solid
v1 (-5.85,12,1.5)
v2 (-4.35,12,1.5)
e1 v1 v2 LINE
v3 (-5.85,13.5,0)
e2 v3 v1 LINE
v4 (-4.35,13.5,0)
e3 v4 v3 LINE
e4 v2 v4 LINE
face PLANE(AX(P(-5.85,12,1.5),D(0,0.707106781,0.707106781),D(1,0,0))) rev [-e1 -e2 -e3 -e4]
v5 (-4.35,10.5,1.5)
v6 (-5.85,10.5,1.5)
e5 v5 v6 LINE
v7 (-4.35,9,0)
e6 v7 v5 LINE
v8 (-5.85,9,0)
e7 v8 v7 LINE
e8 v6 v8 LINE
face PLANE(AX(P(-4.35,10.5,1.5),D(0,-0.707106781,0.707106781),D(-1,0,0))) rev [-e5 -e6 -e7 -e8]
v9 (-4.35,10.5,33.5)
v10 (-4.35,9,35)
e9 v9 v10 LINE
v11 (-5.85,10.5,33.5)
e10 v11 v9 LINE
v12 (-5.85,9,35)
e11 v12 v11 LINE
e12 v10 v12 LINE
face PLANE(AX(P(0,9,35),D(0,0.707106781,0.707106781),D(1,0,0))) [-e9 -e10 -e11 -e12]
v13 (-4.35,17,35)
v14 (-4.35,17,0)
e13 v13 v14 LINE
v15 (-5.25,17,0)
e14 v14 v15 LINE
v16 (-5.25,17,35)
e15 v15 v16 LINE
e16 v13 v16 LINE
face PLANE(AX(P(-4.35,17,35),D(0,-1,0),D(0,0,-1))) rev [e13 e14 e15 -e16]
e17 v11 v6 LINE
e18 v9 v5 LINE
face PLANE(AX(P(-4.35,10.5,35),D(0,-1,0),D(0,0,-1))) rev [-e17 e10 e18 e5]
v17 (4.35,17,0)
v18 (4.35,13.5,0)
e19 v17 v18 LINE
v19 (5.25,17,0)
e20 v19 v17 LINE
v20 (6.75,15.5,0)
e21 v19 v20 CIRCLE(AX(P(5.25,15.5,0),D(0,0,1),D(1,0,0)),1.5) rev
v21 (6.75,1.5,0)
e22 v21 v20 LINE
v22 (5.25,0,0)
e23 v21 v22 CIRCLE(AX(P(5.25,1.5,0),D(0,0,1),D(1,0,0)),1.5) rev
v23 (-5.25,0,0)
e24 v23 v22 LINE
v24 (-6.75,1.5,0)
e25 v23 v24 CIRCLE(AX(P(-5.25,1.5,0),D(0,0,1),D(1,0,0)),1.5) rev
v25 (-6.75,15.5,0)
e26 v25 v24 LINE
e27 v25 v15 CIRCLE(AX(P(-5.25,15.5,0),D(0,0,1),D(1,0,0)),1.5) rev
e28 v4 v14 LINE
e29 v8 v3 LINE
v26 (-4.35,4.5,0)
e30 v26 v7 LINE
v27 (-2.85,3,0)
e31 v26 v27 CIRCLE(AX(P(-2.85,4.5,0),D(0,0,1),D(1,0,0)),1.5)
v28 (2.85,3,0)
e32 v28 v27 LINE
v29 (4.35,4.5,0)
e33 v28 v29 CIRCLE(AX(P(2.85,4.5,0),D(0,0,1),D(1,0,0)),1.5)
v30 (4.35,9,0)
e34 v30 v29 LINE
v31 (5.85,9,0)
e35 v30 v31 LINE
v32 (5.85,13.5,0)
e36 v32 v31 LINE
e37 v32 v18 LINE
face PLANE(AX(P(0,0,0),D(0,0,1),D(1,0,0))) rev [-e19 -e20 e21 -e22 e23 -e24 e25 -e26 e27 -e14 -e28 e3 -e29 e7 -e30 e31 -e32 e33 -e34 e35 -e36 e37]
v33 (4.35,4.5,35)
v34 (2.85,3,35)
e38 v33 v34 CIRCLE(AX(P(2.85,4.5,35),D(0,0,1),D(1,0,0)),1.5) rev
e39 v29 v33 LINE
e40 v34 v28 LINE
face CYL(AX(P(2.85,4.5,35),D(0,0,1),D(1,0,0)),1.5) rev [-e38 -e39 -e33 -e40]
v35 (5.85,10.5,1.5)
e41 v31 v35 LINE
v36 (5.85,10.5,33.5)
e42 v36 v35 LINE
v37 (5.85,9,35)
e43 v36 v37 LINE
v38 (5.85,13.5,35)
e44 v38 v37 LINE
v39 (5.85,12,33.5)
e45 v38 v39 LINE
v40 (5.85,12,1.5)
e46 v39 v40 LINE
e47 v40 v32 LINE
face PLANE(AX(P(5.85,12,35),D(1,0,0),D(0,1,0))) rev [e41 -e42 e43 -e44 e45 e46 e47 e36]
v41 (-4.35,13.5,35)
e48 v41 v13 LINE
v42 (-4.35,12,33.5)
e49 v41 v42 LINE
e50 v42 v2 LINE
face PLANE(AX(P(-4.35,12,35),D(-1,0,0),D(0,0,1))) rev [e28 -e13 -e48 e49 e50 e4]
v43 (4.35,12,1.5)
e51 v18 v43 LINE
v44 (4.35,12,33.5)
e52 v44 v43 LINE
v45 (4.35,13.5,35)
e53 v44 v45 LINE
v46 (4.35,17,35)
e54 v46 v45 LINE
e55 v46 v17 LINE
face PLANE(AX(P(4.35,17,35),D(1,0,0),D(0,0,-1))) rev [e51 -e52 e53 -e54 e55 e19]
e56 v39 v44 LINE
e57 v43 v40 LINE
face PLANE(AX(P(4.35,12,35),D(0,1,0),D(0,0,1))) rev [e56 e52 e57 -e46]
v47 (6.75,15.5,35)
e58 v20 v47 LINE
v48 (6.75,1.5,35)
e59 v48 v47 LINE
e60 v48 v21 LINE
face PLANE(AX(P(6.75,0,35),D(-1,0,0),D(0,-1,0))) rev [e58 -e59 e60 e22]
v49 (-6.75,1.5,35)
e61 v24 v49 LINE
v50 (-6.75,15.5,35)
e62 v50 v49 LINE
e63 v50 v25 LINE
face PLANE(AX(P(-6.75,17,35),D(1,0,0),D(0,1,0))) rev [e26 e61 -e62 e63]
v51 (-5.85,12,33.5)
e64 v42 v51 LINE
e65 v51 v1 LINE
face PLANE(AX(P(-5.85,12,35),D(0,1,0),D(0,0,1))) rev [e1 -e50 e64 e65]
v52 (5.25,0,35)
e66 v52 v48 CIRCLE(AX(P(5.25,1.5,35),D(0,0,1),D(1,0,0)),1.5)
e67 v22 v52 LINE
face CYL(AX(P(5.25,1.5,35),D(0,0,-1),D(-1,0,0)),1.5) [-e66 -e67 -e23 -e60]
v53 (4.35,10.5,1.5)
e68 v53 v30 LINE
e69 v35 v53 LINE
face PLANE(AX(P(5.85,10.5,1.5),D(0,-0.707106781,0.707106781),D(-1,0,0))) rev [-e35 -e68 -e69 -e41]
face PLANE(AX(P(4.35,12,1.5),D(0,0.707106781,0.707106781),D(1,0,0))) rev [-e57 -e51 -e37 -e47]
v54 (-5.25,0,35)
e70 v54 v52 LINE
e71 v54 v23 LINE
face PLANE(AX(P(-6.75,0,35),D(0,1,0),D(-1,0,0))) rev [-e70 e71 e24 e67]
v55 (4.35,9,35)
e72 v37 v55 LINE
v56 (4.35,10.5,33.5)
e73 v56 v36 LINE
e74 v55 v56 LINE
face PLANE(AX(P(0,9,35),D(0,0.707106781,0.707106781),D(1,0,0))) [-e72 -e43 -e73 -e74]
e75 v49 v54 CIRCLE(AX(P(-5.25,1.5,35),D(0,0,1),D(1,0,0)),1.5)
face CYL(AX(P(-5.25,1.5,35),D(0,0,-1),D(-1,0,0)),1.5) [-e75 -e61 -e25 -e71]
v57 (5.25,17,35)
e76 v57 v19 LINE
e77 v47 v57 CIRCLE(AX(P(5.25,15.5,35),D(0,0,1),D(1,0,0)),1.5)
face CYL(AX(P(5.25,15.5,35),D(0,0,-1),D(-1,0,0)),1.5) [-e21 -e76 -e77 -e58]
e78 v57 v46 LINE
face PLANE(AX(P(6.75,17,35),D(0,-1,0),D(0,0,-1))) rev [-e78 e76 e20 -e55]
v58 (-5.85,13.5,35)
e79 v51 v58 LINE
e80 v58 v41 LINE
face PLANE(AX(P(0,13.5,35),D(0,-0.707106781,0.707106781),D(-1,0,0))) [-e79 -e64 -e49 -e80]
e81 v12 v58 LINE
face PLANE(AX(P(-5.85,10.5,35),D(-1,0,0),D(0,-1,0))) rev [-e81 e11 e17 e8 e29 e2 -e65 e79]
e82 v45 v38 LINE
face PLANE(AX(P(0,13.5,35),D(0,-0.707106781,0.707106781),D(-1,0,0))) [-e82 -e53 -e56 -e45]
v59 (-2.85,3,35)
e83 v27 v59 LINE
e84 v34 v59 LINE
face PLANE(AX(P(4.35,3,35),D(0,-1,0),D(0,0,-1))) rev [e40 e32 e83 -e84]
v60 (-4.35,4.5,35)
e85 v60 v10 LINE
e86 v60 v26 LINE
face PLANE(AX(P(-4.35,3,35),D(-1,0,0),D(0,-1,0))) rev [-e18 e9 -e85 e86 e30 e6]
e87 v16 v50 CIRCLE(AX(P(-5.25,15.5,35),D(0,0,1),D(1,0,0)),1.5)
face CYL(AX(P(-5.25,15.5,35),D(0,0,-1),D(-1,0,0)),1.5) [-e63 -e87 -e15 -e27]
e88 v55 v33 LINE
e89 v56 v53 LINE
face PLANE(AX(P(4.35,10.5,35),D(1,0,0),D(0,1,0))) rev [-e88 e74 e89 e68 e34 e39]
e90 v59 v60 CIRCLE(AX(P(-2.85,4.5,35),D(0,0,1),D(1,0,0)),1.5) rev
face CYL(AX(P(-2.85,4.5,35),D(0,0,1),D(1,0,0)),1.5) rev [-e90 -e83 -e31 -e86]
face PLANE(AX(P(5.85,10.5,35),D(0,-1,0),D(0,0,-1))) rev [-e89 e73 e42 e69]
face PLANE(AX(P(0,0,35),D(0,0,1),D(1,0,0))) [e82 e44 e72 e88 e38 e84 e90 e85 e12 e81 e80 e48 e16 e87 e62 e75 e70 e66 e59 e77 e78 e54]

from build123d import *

# Parameters (mm, degrees)
AUFSATZ_LINEAR_AUSTRAGEN1_DEPTH = 35
VERRUNDUNG1_R                   = 1.5
FASE1_SIZE                      = 1.5


with BuildPart() as part:
    # Skizze1 → Aufsatz-Linear austragen1 (new body)
    with BuildSketch(Plane.XY):
        Polygon((-6.75, 0), (6.75, 0), (6.75, 17), (4.35, 17), (4.35, 12), (5.85, 12), (5.85, 10.5), (4.35, 10.5), (4.35, 3), (-4.35, 3), (-4.35, 10.5), (-5.85, 10.5), (-5.85, 12), (-4.35, 12), (-4.35, 17), (-6.75, 17), align=None)
    extrude(amount=AUFSATZ_LINEAR_AUSTRAGEN1_DEPTH)

    # Verrundung1
    verrundung1_edges = [part.edges().sort_by_distance(p)[0] for p in [
        (6.75, 0, 17.5),
        (-6.75, 0, 17.5),
        (-6.75, 17, 17.5),
        (-4.35, 3, 17.5),
        (4.35, 3, 17.5),
        (6.75, 17, 17.5),
    ]]
    fillet(verrundung1_edges, radius=VERRUNDUNG1_R)

    # Fase1
    fase1_edges = [part.edges().sort_by_distance(p)[0] for p in [
        (5.1, 12, 35),
        (-5.1, 12, 0),
        (-5.1, 10.5, 0),
        (5.1, 10.5, 0),
        (5.1, 12, 0),
        (5.1, 10.5, 35),
        (-5.1, 10.5, 35),
        (-5.1, 12, 35),
    ]]
    chamfer(fase1_edges, length=FASE1_SIZE)


solid = part.part
